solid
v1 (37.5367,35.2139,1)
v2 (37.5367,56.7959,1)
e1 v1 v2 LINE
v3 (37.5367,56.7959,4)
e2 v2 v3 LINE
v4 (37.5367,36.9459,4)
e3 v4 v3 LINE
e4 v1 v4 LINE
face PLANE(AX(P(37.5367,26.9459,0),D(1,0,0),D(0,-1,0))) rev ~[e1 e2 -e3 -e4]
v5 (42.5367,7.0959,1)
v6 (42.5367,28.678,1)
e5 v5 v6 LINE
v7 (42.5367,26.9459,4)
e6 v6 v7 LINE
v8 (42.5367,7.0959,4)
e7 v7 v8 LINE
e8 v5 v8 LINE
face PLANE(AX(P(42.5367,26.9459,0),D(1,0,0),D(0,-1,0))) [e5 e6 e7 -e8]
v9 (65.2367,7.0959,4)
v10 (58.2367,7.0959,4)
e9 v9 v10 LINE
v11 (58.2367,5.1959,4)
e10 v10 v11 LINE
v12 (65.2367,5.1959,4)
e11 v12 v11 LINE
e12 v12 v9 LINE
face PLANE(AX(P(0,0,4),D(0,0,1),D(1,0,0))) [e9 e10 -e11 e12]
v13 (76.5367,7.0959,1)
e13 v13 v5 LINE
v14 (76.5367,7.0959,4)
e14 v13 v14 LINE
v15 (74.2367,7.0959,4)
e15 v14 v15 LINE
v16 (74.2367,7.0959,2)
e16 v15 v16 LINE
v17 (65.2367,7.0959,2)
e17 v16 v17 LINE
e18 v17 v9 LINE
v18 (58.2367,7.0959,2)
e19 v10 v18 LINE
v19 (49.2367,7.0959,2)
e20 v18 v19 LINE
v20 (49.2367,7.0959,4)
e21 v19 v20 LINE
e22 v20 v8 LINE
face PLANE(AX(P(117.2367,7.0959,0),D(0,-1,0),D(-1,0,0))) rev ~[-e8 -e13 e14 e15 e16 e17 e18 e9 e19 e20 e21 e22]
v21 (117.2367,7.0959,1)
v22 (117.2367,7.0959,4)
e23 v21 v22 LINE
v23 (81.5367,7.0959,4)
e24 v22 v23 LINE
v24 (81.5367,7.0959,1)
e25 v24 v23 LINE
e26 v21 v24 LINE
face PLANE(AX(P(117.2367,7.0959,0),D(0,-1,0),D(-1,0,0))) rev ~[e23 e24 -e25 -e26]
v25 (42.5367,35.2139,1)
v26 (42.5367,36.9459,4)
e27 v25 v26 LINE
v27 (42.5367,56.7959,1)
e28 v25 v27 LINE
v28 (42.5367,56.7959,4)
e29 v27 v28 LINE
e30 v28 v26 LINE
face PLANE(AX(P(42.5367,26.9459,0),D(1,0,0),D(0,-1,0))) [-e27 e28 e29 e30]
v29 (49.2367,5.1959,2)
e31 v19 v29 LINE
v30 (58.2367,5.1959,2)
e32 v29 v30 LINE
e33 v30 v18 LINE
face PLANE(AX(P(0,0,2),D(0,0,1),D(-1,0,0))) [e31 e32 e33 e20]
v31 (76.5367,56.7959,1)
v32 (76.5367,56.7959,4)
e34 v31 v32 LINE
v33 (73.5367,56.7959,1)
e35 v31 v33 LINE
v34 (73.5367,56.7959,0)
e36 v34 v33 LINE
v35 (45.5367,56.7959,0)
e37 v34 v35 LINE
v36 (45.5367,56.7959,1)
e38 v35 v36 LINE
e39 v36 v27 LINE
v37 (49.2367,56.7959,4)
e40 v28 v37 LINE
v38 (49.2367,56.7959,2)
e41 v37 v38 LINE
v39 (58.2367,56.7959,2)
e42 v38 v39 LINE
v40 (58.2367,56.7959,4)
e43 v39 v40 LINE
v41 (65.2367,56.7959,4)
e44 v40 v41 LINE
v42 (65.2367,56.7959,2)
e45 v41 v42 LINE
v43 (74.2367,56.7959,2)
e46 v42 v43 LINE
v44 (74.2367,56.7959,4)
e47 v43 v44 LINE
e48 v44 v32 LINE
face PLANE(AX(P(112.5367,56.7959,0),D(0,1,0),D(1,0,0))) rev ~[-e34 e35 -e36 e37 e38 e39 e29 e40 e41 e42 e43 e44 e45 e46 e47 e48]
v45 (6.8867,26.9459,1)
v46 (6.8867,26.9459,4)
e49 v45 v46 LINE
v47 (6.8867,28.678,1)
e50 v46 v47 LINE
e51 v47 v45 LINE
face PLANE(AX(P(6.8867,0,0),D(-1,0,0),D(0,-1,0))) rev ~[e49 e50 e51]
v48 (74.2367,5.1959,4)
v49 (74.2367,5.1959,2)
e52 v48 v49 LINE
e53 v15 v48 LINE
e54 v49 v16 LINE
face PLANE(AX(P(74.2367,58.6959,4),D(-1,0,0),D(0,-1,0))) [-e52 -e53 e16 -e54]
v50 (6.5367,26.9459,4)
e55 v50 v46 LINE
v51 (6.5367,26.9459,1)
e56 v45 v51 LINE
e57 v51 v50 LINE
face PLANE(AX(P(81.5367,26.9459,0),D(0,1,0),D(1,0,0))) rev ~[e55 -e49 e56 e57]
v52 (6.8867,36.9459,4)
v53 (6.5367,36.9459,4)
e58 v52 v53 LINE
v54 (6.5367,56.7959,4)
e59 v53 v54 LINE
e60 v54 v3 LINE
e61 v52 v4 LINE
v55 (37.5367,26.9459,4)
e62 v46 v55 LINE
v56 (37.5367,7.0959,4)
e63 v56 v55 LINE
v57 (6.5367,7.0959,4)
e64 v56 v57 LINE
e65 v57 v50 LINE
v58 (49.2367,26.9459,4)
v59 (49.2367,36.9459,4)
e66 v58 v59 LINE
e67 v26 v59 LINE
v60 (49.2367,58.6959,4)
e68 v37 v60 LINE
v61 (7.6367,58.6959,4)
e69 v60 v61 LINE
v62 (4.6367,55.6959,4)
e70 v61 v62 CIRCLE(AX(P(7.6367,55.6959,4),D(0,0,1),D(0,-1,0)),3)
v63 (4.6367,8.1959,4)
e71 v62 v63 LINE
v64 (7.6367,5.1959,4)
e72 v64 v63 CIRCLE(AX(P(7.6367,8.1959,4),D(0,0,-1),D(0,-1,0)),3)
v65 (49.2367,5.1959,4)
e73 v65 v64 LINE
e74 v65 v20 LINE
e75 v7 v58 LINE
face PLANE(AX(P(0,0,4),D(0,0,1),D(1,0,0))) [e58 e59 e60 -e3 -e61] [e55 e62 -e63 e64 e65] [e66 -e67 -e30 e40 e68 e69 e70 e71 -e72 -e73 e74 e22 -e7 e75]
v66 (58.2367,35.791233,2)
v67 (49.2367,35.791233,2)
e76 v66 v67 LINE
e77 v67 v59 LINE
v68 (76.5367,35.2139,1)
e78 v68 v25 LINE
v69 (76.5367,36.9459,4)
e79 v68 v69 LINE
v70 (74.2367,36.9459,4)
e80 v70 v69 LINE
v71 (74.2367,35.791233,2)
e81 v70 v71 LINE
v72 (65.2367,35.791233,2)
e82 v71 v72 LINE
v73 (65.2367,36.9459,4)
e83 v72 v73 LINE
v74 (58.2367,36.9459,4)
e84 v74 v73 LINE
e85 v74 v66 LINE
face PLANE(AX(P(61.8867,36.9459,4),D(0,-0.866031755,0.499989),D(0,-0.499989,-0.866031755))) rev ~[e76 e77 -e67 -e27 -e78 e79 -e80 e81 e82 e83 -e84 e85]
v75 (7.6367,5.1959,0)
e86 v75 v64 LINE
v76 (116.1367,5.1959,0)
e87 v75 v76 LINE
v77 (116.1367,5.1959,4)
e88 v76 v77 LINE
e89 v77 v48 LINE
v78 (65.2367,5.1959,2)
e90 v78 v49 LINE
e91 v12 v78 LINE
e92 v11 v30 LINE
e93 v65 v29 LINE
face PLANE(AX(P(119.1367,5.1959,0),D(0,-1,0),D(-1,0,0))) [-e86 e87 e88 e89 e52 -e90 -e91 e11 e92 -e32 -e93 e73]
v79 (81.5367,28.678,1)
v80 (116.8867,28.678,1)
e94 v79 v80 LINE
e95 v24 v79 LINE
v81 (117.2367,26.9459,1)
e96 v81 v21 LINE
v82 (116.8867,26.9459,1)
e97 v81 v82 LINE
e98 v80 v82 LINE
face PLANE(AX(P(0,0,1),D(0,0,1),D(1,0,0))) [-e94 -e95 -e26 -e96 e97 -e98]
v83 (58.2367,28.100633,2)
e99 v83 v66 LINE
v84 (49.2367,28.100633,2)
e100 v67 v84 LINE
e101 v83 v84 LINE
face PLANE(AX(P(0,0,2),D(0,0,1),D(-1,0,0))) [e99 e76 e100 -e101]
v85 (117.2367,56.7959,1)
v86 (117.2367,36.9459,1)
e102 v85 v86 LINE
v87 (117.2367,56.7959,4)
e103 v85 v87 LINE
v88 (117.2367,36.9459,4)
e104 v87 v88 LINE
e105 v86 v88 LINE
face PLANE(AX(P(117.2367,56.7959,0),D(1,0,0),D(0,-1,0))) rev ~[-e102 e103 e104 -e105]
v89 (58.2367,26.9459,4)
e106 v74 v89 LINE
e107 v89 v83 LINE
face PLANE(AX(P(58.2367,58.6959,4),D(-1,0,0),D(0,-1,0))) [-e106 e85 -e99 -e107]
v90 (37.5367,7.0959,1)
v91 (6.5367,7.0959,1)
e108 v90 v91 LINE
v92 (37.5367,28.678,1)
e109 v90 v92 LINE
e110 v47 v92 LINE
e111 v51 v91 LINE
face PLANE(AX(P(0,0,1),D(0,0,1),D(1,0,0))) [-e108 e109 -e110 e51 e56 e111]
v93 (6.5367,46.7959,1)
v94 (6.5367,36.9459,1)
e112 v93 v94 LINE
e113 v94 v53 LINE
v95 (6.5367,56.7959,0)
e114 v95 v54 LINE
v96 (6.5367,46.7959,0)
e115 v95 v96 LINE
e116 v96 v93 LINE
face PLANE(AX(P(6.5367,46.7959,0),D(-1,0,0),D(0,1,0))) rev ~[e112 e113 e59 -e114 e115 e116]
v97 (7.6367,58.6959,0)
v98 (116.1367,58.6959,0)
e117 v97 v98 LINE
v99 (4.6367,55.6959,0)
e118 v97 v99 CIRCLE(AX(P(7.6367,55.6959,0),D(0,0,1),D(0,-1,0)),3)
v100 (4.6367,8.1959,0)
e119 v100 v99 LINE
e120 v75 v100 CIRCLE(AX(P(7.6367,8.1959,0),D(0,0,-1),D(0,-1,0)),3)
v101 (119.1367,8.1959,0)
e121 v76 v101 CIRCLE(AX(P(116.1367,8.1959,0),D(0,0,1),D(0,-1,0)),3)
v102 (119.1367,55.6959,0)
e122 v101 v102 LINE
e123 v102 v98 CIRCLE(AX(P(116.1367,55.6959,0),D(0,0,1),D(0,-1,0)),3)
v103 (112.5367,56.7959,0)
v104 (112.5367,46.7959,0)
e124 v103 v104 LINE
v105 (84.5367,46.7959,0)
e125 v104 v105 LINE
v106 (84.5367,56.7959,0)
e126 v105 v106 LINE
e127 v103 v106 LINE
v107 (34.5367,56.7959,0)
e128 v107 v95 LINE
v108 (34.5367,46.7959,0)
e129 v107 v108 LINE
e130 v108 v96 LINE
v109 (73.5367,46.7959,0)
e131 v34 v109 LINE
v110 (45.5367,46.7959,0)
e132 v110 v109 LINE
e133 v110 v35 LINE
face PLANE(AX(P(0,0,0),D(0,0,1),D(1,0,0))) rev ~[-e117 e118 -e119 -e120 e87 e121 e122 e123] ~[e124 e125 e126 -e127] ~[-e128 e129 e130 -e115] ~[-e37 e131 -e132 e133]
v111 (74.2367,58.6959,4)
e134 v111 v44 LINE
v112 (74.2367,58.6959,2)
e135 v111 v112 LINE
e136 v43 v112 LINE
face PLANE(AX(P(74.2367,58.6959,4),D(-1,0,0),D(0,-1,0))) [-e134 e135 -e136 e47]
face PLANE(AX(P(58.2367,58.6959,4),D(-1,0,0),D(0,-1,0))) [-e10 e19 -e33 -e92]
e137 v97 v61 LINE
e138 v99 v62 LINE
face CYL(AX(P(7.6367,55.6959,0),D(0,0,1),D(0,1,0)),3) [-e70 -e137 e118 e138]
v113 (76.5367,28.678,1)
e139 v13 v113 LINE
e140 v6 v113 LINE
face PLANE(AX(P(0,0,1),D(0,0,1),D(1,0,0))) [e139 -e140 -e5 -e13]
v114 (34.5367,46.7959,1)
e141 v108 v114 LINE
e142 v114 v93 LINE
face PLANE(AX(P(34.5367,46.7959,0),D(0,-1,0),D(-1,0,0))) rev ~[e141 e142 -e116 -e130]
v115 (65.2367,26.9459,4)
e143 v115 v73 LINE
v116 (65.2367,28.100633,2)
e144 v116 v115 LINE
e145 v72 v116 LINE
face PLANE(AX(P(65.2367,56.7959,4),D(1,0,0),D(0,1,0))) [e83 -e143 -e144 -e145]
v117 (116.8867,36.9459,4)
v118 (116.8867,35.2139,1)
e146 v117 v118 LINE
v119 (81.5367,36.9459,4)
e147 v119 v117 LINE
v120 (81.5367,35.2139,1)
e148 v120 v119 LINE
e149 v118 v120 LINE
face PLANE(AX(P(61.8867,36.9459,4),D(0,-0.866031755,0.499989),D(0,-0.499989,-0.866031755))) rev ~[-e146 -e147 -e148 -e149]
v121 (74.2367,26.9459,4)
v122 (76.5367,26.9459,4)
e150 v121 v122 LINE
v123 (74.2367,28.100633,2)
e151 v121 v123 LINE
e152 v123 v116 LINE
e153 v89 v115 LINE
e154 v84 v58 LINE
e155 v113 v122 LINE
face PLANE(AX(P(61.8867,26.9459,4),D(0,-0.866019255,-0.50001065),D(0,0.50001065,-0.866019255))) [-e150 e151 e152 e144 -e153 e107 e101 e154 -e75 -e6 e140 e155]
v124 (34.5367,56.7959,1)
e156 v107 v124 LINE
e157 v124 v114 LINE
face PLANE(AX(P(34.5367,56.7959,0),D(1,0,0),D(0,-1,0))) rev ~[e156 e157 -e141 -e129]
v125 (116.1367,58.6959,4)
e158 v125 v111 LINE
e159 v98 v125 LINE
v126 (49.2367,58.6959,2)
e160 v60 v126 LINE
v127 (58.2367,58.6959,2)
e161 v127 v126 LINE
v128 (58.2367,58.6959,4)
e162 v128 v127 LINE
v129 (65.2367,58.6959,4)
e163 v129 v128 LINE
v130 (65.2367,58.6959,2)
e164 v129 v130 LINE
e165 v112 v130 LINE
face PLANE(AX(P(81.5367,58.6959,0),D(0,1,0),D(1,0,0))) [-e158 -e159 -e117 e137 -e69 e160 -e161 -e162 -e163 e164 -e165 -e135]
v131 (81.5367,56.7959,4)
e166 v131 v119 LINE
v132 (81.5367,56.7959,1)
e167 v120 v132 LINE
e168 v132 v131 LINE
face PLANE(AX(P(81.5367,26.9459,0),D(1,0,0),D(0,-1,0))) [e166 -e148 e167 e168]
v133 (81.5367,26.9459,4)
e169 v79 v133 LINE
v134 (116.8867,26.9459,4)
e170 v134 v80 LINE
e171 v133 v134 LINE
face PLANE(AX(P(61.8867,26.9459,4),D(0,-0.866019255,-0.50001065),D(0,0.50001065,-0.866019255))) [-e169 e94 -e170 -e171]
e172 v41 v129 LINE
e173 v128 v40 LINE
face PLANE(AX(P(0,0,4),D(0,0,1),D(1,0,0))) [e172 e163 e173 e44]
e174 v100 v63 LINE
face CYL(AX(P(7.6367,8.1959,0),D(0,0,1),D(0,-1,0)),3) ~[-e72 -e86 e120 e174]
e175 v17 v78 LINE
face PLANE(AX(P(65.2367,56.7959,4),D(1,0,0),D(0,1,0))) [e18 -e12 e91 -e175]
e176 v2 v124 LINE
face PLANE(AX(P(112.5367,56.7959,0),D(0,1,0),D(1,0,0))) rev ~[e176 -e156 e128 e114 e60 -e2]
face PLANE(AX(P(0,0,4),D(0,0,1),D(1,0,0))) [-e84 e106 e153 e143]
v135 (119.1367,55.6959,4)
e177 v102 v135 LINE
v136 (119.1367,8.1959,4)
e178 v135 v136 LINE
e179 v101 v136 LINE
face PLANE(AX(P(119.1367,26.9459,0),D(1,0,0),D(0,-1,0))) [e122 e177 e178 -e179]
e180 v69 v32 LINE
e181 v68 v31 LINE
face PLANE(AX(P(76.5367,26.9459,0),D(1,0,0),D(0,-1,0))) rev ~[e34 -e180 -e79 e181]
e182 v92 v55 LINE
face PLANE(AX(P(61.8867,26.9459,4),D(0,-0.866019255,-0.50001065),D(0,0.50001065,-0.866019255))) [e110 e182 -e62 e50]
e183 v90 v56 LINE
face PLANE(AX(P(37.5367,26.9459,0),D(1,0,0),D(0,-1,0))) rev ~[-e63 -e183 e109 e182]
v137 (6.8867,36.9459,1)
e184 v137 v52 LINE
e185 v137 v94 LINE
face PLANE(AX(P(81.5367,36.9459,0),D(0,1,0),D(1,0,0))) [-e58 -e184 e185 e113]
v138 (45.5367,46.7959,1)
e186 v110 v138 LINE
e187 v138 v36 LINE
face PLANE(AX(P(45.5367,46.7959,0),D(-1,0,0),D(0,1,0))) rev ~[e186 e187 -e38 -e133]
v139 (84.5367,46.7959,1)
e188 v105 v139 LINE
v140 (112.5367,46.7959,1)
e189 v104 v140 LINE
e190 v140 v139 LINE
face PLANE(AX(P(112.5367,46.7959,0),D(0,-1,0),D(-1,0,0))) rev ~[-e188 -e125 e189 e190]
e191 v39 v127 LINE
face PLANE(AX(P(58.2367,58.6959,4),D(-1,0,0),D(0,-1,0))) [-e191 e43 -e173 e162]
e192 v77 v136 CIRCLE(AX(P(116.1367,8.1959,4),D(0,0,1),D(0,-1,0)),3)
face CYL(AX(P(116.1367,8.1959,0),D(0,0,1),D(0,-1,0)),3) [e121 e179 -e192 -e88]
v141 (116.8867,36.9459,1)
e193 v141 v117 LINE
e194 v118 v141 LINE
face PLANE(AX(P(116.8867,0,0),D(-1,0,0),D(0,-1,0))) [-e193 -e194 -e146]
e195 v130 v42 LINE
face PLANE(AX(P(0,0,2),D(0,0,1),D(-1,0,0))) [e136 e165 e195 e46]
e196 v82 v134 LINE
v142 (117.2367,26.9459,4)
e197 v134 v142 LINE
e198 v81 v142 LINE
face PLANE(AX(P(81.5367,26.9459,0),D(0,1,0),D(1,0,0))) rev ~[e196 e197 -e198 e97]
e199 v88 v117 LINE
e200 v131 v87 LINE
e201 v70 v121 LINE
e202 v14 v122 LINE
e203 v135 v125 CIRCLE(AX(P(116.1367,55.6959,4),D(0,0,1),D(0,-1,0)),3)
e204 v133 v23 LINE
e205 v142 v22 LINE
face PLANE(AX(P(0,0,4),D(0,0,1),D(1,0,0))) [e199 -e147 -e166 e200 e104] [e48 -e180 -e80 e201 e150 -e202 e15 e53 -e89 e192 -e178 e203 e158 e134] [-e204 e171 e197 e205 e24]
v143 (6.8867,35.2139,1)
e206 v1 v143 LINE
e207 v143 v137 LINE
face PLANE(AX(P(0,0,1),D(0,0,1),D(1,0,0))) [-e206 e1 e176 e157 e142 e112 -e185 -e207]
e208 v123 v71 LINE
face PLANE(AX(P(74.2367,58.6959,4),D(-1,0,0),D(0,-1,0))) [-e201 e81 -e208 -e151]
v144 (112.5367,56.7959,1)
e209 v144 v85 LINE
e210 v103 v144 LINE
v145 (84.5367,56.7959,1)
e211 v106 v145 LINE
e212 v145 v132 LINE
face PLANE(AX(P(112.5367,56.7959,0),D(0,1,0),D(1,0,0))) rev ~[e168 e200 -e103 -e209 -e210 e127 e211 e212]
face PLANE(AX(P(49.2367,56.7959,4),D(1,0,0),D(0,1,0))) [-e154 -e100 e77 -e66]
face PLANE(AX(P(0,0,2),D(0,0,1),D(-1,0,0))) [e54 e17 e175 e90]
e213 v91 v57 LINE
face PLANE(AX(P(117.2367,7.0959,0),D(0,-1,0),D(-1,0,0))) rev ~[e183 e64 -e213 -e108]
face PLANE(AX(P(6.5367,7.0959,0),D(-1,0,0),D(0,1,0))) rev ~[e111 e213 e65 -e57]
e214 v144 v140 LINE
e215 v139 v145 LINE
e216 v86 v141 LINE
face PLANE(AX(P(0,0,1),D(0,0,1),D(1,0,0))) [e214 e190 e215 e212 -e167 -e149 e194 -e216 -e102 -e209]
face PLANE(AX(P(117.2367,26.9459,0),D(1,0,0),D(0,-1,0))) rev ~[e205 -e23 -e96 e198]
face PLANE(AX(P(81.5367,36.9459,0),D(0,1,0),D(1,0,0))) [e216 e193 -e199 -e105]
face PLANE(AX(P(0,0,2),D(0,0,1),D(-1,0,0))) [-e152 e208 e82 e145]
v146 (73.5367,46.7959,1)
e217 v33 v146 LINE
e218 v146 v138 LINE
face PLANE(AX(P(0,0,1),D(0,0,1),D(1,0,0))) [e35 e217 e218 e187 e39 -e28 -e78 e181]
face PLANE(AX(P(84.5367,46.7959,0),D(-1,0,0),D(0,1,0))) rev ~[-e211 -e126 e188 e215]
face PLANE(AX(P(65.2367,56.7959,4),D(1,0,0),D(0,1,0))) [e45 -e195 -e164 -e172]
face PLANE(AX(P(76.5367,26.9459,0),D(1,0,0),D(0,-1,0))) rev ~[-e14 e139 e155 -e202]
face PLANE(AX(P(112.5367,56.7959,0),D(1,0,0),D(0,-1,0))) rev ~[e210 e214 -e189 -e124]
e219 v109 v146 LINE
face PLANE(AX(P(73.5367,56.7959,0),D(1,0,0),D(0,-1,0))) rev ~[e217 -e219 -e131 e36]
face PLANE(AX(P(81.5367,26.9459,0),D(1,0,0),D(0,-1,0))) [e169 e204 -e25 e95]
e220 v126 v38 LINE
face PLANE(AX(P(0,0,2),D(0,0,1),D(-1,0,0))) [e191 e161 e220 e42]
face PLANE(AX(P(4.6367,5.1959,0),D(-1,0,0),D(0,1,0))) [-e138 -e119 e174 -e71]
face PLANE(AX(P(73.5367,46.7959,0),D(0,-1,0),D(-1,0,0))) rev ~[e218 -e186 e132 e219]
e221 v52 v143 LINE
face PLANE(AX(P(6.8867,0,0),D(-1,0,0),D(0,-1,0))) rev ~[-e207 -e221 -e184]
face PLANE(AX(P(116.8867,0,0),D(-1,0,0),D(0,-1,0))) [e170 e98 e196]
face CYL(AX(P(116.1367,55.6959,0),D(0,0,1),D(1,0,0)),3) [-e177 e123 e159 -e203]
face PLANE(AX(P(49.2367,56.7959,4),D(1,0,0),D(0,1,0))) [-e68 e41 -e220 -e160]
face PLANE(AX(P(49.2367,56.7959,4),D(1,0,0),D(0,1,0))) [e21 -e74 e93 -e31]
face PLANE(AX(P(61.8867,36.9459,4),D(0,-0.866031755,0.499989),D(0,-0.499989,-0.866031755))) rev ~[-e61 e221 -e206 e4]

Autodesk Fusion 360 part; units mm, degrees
sketch "Schizzo1" plane through (0, 0, 0) normal (0, 0, 1) x (1, 0, 0)
  line L0 (4.5367, 58.7959) -> (119.2367, 58.7959) construction
  line L1 (119.2367, 58.7959) -> (119.2367, 5.0959) construction
  line L2 (119.2367, 5.0959) -> (4.5367, 5.0959) construction
  line L3 (4.5367, 5.0959) -> (4.5367, 58.7959) construction
  line L4 (4.5367, 31.9459) -> (119.2367, 31.9459) construction
  line L5 (61.8867, 58.7959) -> (61.8867, 5.0959) construction
  line L6 (119.1367, 5.1959) -> (4.6367, 5.1959)
  line L7 (4.6367, 5.1959) -> (4.6367, 58.6959)
  line L8 (4.6367, 58.6959) -> (119.1367, 58.6959)
  line L9 (119.1367, 58.6959) -> (119.1367, 5.1959)
  line L10 (117.2367, 7.0959) -> (6.5367, 7.0959)
  line L11 (6.5367, 7.0959) -> (6.5367, 56.7959)
  line L12 (6.5367, 56.7959) -> (117.2367, 56.7959)
  line L13 (117.2367, 56.7959) -> (117.2367, 7.0959)
  line L14 (6.5367, 56.7959) -> (34.5367, 56.7959)
  line L15 (34.5367, 56.7959) -> (34.5367, 46.7959)
  line L16 (34.5367, 46.7959) -> (6.5367, 46.7959)
  line L17 (6.5367, 46.7959) -> (6.5367, 56.7959)
  line L18 (73.5367, 56.7959) -> (73.5367, 46.7959)
  line L19 (73.5367, 46.7959) -> (45.5367, 46.7959)
  line L20 (45.5367, 46.7959) -> (45.5367, 56.7959)
  line L21 (45.5367, 56.7959) -> (73.5367, 56.7959)
  line L22 (4.5367, 36.9459) -> (119.1367, 36.9459)
  line L23 (4.5367, 26.9459) -> (119.1367, 26.9459)
  line L24 (61.8867, 58.7959) -> (61.8867, 5.0959)
  line L25 (112.5367, 56.7959) -> (112.5367, 46.7959)
  line L26 (112.5367, 46.7959) -> (84.5367, 46.7959)
  line L27 (84.5367, 46.7959) -> (84.5367, 56.7959)
  line L28 (84.5367, 56.7959) -> (112.5367, 56.7959)
  line L29 (37.5367, 58.7959) -> (37.5367, 5.0959)
  line L30 (42.5367, 58.7959) -> (42.5367, 5.0959)
  line L31 (76.5367, 58.7959) -> (76.5367, 5.0959)
  line L32 (81.5367, 58.6959) -> (81.5367, 5.0959)
  dimension "d1" = 114.7
  dimension "d2" = 53.7
  dimension "d3" = 0.1
  dimension "d6" = 2
  dimension "d7" = 28
  dimension "d8" = 10
  dimension "d11" = 39
  dimension "d12" = 0
  dimension "d15" = 10
  dimension "d38" = 5
  dimension "d39" = 3
  dimension "d40" = 5
  dimension "d41" = 3
extrude "Estrusione1" add sketch "Schizzo1" along normal blind 1 contours L10 L13 L23 L32 | L10 L23 L31 L32 | L13 L22 L23 L32 | L10 L23 L24 L31 | L22 L23 L31 L32 | L12 L13 L22 L25 L26 L27 L32 | L10 L23 L24 L30 | L22 L23 L24 L31 | L12 L22 L31 L32 | L10 L23 L29 L30 | L22 L23 L24 L30 | L12 L18 L19 L22 L24 L31 | L10 L11 L23 L29 | L22 L23 L29 L30 | L12 L19 L20 L22 L24 L30 | L11 L22 L23 L29 | L12 L22 L29 L30 | L11 L12 L15 L16 L22 L29
extrude "Estrusione2" add sketch "Schizzo1" along normal blind 4 contours L6 L9 L10 L13 L23 L32 | L6 L10 L31 L32 | L9 L13 L22 L23 | L6 L10 L24 L31 | L8 L9 L12 L13 L22 L28 L32 | L13 L22 L23 L32 | L6 L10 L24 L30 | L22 L23 L31 L32 | L6 L10 L29 L30 | L22 L23 L24 L31 | L8 L12 L31 L32 | L6 L7 L10 L11 L23 L29 | L22 L23 L24 L30 | L8 L12 L21 L24 L31 | L22 L23 L29 L30 | L8 L12 L21 L24 L30 | L7 L11 L22 L23 | L11 L22 L23 L29 | L8 L12 L29 L30 | L7 L8 L11 L12 L14 L17 L22 L29
fillet "Raccordo1" radius 3 4 edges at (4.6367, 5.1959, 2) (119.1367, 5.1959, 2) (119.1367, 58.6959, 2) (4.6367, 58.6959, 2)
ref_plane "Piano di lavoro1" through (61.8867, 31.9459, 0) normal (-1, 0, 0) x (0, -1, 0)
sketch "Schizzo3" plane through (61.8867, 0, 0) normal (-1, 0, 0) x (0, -1, 0)
  line L0 (-26.9459, 4) -> (-36.9459, 4) construction
  line L1 (-36.9459, 4) -> (-36.9459, 0) construction
  line L2 (-36.9459, 0) -> (-26.9459, 0) construction
  line L3 (-26.9459, 0) -> (-26.9459, 4) construction
  line L4 (-55.6959, 4) -> (-8.1959, 4) construction
  line L5 (-58.7959, 0) -> (-5.0959, 0) construction
  line L6 (-26.9459, 1) -> (-26.9459, 4) construction
  line L7 (-36.9459, 1) -> (-36.9459, 4) construction
  line L8 (-31.9459, 4) -> (-31.9459, 0) construction
  line L9 (-26.9459, 1) -> (-36.9459, 1) construction
  line L10 (-26.9459, 1) -> (-26.9459, 4)
  line L11 (-26.9459, 4) -> (-28.678, 1)
  line L12 (-28.678, 1) -> (-26.9459, 1)
  line L13 (-36.9459, 1) -> (-36.9459, 4)
  line L14 (-36.9459, 4) -> (-35.2139, 1)
  line L15 (-35.2139, 1) -> (-36.9459, 1)
  dimension "d20" = 30
extrude "Estrusione4" cut sketch "Schizzo3" along normal mid plane 110
sketch "Schizzo4" plane through (0, 0, 4) normal (0, 0, 1) x (-1, 0, 0)
  arc A0 (-7.6367, -58.6959) -> (-4.6367, -55.6959) centre (-7.6367, -55.6959) ccw
  line L0 (-4.6367, -55.6959) -> (-4.6367, -8.1959)
  arc A1 (-4.6367, -8.1959) -> (-7.6367, -5.1959) centre (-7.6367, -8.1959) ccw
  line L1 (-7.6367, -5.1959) -> (-116.1367, -5.1959)
  arc A2 (-116.1367, -5.1959) -> (-119.1367, -8.1959) centre (-116.1367, -8.1959) ccw
  line L2 (-119.1367, -8.1959) -> (-119.1367, -55.6959)
  arc A3 (-119.1367, -55.6959) -> (-116.1367, -58.6959) centre (-116.1367, -55.6959) ccw
  line L3 (-116.1367, -58.6959) -> (-7.6367, -58.6959)
  line L4 (-117.2367, -36.9459) -> (-116.8867, -36.9459)
  line L5 (-116.8867, -36.9459) -> (-6.8867, -36.9459)
  line L6 (-6.8867, -36.9459) -> (-6.5367, -36.9459)
  line L7 (-6.5367, -36.9459) -> (-6.5367, -56.7959)
  line L8 (-6.5367, -56.7959) -> (-117.2367, -56.7959)
  line L9 (-117.2367, -56.7959) -> (-117.2367, -36.9459)
  line L10 (-117.2367, -7.0959) -> (-6.5367, -7.0959)
  line L11 (-6.5367, -7.0959) -> (-6.5367, -26.9459)
  line L12 (-6.5367, -26.9459) -> (-6.8867, -26.9459)
  line L13 (-6.8867, -26.9459) -> (-116.8867, -26.9459)
  line L14 (-117.2367, -26.9459) -> (-117.2367, -7.0959)
  line L15 (-4.6367, -58.6959) -> (-119.1367, -58.6959) construction
  line L16 (-119.1367, -58.6959) -> (-119.1367, -5.1959) construction
  line L17 (-119.1367, -5.1959) -> (-4.6367, -5.1959) construction
  line L18 (-4.6367, -5.1959) -> (-4.6367, -58.6959) construction
  line L19 (-49.2367, -58.6959) -> (-58.2367, -58.6959)
  line L20 (-58.2367, -58.6959) -> (-58.2367, -5.1959)
  line L21 (-58.2367, -5.1959) -> (-49.2367, -5.1959)
  line L22 (-49.2367, -5.1959) -> (-49.2367, -58.6959)
  line L23 (-65.2367, -58.6959) -> (-74.2367, -58.6959)
  line L24 (-74.2367, -58.6959) -> (-74.2367, -5.1959)
  line L25 (-74.2367, -5.1959) -> (-65.2367, -5.1959)
  line L26 (-65.2367, -5.1959) -> (-65.2367, -58.6959)
  line L27 (-53.7367, -58.6959) -> (-53.7367, -5.1959) construction
  line L28 (-69.7367, -58.6959) -> (-69.7367, -5.1959) construction
  line L29 (-2.7367, -58.6959) -> (-2.7367, -5.1959) construction
  line L30 (-116.8867, -26.9459) -> (-117.2367, -26.9459)
  dimension "d28" = 9
  dimension "d29" = 9
  dimension "d33" = 1.9
  dimension "d34" = 51
  dimension "d35" = 67
extrude "Estrusione6" cut sketch "Schizzo4" against normal blind 2 contours L3 L8 L19 L20 L22 | L5 L8 L20 L22 | L3 L8 L23 L24 L26 | L5 L13 L20 L22 | L1 L10 L20 L21 L22 | L5 L8 L24 L26 | L10 L13 L20 L22 | L5 L13 L24 L26 | L1 L10 L24 L25 L26 | L10 L13 L24 L26
extrude "Estrusione7" add sketch "Schizzo1" along normal blind 4 contours L10 L23 L31 L32 | L22 L23 L31 L32 | L12 L22 L31 L32 | L10 L23 L29 L30 | L22 L23 L29 L30 | L12 L22 L29 L30
